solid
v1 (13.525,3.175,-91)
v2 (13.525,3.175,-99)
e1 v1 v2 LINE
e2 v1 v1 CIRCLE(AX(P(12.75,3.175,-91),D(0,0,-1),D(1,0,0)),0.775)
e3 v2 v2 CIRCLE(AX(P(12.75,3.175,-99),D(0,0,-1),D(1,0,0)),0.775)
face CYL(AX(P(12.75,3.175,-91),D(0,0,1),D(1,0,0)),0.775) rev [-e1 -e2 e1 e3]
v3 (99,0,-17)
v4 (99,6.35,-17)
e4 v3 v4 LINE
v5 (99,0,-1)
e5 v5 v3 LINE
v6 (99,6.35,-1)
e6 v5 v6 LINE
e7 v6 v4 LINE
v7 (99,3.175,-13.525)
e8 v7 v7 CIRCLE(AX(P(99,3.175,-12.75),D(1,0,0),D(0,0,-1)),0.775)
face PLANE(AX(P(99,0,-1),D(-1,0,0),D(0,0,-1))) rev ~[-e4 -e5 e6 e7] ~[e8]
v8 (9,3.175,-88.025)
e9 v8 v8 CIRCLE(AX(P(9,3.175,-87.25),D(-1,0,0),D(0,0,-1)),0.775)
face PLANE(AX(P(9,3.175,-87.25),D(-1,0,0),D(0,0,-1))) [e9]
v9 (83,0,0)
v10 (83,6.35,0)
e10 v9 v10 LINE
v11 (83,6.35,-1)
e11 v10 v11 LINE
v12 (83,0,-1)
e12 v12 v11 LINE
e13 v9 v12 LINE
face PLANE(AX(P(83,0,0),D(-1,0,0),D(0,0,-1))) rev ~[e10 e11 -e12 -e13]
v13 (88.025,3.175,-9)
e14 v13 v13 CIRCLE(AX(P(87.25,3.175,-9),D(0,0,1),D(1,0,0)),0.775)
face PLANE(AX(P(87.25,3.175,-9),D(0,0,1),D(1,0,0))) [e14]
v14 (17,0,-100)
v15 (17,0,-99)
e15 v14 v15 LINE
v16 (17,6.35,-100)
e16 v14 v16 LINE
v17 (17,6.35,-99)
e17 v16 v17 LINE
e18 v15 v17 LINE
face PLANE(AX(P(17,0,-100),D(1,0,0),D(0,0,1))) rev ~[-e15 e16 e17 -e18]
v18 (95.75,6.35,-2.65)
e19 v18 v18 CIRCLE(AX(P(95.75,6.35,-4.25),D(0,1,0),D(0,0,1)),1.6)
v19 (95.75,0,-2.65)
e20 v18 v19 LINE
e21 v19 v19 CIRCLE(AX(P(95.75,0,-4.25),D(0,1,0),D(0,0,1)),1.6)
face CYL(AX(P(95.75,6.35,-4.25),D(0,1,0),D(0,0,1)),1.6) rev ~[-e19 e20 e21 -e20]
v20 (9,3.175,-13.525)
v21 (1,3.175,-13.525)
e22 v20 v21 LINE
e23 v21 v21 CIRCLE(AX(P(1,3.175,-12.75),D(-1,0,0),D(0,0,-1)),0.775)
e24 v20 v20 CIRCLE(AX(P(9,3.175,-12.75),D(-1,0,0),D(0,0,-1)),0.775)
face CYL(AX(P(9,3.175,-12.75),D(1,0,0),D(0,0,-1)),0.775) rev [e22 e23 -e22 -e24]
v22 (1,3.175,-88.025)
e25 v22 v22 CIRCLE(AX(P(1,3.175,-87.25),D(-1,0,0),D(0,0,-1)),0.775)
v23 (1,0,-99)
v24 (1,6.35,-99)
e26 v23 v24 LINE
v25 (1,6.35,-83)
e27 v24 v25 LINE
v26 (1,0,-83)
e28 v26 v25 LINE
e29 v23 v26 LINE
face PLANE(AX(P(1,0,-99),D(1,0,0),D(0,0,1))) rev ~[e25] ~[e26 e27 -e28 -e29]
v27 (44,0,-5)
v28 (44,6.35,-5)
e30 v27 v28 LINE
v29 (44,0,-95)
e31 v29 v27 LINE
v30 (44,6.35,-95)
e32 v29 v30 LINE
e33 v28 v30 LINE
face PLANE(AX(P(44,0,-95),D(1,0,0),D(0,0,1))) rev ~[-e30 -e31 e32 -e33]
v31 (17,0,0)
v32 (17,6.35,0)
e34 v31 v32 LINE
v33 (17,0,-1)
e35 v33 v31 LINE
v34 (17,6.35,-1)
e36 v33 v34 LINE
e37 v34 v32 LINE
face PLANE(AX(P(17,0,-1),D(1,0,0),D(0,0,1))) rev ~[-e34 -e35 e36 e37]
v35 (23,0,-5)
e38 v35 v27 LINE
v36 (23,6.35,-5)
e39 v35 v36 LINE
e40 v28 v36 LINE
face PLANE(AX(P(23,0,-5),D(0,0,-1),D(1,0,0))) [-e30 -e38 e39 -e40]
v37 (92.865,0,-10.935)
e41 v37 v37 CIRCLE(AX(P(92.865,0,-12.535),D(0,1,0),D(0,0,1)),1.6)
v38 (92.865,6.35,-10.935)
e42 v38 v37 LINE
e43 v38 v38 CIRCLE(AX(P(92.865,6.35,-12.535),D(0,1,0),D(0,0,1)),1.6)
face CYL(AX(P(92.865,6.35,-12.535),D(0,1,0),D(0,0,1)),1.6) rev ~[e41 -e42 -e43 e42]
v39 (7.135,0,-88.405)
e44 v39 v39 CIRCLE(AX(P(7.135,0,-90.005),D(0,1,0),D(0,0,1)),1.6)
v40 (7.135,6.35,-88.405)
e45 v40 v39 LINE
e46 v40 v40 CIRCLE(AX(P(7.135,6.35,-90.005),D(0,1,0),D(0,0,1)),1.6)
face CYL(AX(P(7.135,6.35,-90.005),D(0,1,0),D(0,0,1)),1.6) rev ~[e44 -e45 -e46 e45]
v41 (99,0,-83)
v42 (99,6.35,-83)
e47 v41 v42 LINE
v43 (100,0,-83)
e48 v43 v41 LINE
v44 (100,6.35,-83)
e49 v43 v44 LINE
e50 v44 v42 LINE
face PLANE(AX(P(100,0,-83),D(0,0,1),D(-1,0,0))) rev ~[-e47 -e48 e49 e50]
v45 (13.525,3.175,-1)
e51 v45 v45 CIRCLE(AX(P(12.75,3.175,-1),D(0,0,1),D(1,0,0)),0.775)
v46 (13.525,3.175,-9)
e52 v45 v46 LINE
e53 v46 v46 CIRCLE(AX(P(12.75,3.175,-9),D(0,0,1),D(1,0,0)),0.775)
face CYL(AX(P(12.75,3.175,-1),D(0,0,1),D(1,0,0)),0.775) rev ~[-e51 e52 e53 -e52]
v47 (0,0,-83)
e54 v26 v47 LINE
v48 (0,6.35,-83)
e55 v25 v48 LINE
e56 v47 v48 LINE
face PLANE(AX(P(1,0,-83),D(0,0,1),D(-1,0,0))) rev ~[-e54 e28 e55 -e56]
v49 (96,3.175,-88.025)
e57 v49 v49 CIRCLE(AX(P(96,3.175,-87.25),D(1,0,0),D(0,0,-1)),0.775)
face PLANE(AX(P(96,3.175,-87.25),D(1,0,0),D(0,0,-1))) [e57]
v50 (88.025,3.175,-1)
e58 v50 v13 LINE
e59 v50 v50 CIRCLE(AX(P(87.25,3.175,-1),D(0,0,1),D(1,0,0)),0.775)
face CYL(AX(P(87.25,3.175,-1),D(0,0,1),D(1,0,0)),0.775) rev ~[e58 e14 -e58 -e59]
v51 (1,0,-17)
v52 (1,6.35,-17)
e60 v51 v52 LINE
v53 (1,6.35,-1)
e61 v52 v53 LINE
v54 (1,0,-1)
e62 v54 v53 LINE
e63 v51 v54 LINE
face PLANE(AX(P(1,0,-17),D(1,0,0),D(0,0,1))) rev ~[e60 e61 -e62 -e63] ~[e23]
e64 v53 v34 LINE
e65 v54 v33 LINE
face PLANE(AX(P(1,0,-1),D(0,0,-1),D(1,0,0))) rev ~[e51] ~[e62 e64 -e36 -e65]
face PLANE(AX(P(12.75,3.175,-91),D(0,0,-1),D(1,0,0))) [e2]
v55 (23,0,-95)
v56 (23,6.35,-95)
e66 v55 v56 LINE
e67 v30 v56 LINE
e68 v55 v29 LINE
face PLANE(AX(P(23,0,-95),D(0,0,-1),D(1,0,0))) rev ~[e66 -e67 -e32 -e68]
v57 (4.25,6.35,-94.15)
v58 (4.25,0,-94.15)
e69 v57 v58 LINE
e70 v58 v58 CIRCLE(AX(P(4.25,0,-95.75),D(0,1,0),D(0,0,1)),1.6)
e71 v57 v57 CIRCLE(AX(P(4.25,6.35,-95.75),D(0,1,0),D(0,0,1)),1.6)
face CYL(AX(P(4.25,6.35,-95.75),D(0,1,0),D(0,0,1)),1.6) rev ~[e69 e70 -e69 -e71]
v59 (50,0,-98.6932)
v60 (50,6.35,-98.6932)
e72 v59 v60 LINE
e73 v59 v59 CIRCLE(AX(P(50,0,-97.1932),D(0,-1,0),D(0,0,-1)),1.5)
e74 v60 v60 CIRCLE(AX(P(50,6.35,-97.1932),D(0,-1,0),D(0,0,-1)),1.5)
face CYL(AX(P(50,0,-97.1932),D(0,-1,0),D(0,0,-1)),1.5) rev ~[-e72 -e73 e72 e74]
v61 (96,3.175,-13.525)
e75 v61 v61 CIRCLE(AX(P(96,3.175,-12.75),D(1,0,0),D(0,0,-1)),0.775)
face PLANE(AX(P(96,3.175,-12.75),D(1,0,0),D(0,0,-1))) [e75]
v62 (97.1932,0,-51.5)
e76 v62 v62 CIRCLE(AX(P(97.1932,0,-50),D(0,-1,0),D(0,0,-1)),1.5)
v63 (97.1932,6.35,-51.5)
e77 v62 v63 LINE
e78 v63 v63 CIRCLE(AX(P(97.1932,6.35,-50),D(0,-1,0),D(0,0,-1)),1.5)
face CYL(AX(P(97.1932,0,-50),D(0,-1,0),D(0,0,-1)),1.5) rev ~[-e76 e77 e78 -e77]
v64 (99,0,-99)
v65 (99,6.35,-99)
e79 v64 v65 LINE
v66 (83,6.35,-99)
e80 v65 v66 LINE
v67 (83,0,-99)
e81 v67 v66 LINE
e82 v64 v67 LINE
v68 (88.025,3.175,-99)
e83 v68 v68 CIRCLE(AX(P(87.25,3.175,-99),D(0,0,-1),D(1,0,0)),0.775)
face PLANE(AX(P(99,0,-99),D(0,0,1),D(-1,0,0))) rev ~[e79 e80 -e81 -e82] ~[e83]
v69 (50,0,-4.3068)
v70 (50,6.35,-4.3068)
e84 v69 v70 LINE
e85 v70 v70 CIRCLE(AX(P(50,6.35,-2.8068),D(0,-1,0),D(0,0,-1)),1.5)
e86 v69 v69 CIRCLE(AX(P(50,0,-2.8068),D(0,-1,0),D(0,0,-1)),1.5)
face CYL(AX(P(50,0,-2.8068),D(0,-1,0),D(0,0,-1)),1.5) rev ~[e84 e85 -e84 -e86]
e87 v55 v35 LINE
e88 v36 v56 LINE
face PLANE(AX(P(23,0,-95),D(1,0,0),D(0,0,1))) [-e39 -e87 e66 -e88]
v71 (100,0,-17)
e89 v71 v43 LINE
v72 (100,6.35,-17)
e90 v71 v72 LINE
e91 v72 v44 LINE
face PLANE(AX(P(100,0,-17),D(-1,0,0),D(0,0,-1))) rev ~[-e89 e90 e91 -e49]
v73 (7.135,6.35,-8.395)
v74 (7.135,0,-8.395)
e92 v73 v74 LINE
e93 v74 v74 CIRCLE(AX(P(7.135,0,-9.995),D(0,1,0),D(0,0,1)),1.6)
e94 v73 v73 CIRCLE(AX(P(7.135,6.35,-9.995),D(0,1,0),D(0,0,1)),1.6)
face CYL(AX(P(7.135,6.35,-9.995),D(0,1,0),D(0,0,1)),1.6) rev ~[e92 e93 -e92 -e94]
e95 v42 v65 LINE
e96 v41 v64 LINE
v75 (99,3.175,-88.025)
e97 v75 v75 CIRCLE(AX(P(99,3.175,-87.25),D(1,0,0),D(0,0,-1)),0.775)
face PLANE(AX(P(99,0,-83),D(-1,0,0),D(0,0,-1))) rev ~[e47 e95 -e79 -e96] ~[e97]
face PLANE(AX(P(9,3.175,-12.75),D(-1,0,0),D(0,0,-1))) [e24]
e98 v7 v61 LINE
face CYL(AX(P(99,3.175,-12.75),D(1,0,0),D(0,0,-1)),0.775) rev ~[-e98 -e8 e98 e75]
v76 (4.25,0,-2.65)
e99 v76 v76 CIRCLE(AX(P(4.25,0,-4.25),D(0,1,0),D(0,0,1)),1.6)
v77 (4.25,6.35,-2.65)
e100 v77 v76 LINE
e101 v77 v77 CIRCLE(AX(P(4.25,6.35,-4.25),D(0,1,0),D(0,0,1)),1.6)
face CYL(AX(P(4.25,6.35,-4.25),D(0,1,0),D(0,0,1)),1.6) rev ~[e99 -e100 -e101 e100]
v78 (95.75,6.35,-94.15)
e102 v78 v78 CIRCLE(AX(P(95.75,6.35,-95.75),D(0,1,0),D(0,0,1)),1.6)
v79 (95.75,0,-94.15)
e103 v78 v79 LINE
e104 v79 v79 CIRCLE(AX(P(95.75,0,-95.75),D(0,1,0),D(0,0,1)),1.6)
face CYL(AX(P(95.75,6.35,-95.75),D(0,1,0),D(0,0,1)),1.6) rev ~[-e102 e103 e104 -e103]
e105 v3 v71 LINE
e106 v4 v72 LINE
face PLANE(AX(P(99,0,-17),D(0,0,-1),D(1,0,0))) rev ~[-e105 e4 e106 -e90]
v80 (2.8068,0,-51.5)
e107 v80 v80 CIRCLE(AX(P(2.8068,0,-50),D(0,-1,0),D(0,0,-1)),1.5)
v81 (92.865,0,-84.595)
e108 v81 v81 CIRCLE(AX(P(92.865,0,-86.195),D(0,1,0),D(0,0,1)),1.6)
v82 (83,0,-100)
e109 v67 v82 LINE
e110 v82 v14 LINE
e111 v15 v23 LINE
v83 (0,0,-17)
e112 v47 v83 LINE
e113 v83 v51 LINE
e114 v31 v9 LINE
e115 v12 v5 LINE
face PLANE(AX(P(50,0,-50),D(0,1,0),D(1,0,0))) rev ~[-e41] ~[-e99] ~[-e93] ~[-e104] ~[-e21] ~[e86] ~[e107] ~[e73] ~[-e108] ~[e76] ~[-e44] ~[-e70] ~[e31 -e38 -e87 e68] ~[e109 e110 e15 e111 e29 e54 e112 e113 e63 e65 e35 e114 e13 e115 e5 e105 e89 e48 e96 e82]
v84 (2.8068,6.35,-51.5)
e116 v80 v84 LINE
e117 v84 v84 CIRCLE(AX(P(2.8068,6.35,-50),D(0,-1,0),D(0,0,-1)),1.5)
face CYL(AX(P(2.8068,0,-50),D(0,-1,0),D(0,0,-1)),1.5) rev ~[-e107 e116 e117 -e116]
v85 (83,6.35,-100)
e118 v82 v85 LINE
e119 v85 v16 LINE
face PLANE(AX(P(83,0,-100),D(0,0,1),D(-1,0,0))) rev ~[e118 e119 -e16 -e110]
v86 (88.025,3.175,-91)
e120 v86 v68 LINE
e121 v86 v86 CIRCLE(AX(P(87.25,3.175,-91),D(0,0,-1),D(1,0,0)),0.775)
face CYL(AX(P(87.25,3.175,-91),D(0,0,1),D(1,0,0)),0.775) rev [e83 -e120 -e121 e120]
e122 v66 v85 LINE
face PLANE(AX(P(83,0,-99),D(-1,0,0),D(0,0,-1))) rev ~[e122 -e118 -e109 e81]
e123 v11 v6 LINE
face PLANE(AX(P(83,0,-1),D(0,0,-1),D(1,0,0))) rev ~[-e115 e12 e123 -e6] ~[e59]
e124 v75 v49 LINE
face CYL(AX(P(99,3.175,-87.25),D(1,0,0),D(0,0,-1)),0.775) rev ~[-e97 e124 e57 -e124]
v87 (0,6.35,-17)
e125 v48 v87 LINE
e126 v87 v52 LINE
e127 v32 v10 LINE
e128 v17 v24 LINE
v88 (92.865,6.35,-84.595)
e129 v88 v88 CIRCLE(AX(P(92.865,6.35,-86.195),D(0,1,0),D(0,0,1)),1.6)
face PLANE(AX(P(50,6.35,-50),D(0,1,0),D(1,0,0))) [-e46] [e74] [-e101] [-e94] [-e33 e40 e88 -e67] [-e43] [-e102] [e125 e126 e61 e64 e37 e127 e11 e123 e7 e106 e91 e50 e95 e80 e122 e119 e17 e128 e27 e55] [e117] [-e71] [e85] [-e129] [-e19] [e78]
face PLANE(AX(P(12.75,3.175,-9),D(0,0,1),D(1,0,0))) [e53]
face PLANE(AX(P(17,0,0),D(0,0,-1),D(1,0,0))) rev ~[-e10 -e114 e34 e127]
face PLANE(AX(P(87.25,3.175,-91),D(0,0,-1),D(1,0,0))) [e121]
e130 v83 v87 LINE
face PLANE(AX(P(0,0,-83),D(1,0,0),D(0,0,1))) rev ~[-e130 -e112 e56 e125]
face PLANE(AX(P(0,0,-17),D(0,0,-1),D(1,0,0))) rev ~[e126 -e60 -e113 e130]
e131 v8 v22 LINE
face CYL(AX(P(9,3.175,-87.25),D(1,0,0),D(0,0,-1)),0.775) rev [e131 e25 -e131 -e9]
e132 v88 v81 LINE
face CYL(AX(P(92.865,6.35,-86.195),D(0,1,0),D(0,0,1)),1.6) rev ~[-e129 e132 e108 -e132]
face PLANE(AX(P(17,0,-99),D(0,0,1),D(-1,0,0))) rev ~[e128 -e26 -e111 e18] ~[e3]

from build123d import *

# Parameters (mm, degrees)
BOSS_EXTRUDE1_DEPTH = 6.35
SKETCH4_R           = 1.2
CUT_EXTRUDE3_DEPTH  = 2540
SKETCH129_R         = 0.775
CUT_EXTRUDE5_DEPTH  = 3
SKETCH130_R         = 0.775
CUT_EXTRUDE6_DEPTH  = 8
CUT_EXTRUDE7_START  = -8
SKETCH131_R         = 0.775
CUT_EXTRUDE7_DEPTH  = 8
CUT_EXTRUDE8_START  = -8
SKETCH132_R         = 0.775
CUT_EXTRUDE8_DEPTH  = 8
SKETCH133_R         = 1.6
CUT_EXTRUDE9_DEPTH  = 10
SKETCH134_R         = 1.6
CUT_EXTRUDE10_DEPTH = 10
SKETCH135_R         = 1.5
CUT_EXTRUDE11_DEPTH = 142.56384602
SKETCH136_W         = 21
SKETCH136_H         = 90
CUT_EXTRUDE12_DEPTH = 142.56384602


with BuildPart() as part:
    # Sketch1 → Boss-Extrude1 (new body)
    with BuildSketch(Plane(origin=(0, 0, 0), x_dir=(1, 0, 0), z_dir=(0, 1, 0))):
        Polygon((1, 83), (0, 83), (0, 17), (1, 17), (1, 1), (17, 1), (17, 0), (83, 0), (83, 1), (99, 1), (99, 17), (100, 17), (100, 83), (99, 83), (99, 99), (83, 99), (83, 100), (17, 100), (17, 99), (1, 99), align=None)
    extrude(amount=BOSS_EXTRUDE1_DEPTH)

    # Sketch4 → Cut-Extrude3 (cut, symmetric)
    with BuildSketch(Plane(origin=(-170.766523355, -217.05420542, -269.308617799), x_dir=(0, 0, -1), z_dir=(0, -1, 0))):
        with Locations((-179.303617798, 177.901523357)):
            Circle(SKETCH4_R)
        with Locations((-259.313617798, 177.901523357)):
            Circle(SKETCH4_R)
        with Locations((-256.773617797, 263.631523357)):
            Circle(SKETCH4_R)
        with Locations((-183.113617797, 263.631523357)):
            Circle(SKETCH4_R)
    extrude(amount=CUT_EXTRUDE3_DEPTH, both=True, mode=Mode.SUBTRACT)

    # Sketch129 → Cut-Extrude5 (cut)
    with BuildSketch(Plane(origin=(99, 0, 0), x_dir=(0, 0, -1), z_dir=(1, 0, 0))):
        with Locations((12.75, 3.175)):
            Circle(SKETCH129_R)
        with Locations((87.25, 3.175)):
            Circle(SKETCH129_R)
    extrude(amount=-CUT_EXTRUDE5_DEPTH, mode=Mode.SUBTRACT)

    # Sketch130 → Cut-Extrude6 (cut)
    with BuildSketch(Plane.XY.offset(-1)):
        with Locations((87.25, 3.175)):
            Circle(SKETCH130_R)
        with Locations((12.75, 3.175)):
            Circle(SKETCH130_R)
    extrude(amount=-CUT_EXTRUDE6_DEPTH, mode=Mode.SUBTRACT)

    # Sketch131 → Cut-Extrude7 (cut)
    with BuildSketch(Plane.ZY.offset(-1).offset(CUT_EXTRUDE7_START)):
        with Locations(Location((-12.75, 3.175, 0), (0, 0, 180))):
            Circle(SKETCH131_R)
        with Locations(Location((-87.25, 3.175, 0), (0, 0, 180))):
            Circle(SKETCH131_R)
    extrude(amount=CUT_EXTRUDE7_DEPTH, mode=Mode.SUBTRACT)

    # Sketch132 → Cut-Extrude8 (cut)
    with BuildSketch(Plane(origin=(0, 0, -99), x_dir=(-1, 0, 0), z_dir=(0, 0, -1)).offset(CUT_EXTRUDE8_START)):
        with Locations(Location((-87.25, 3.175, 0), (0, 0, 180))):
            Circle(SKETCH132_R)
        with Locations(Location((-12.75, 3.175, 0), (0, 0, 180))):
            Circle(SKETCH132_R)
    extrude(amount=CUT_EXTRUDE8_DEPTH, mode=Mode.SUBTRACT)

    # Sketch133 → Cut-Extrude9 (cut)
    with BuildSketch(Plane(origin=(0, 6.35, 0), x_dir=(1, 0, 0), z_dir=(0, 1, 0))):
        with Locations(Location((4.25, 95.75, 0), (0, 0, 270))):
            Circle(SKETCH133_R)
        with Locations(Location((4.25, 4.25, 0), (0, 0, 270))):
            Circle(SKETCH133_R)
        with Locations(Location((95.75, 95.75, 0), (0, 0, 270))):
            Circle(SKETCH133_R)
        with Locations(Location((95.75, 4.25, 0), (0, 0, 270))):
            Circle(SKETCH133_R)
    extrude(amount=-CUT_EXTRUDE9_DEPTH, mode=Mode.SUBTRACT)

    # Sketch134 → Cut-Extrude10 (cut)
    with BuildSketch(Plane(origin=(0, 6.35, 0), x_dir=(1, 0, 0), z_dir=(0, 1, 0))):
        with Locations(Location((92.865000001, 86.195000002, 0), (0, 0, 270))):
            Circle(SKETCH134_R)
        with Locations(Location((92.865000002, 12.535000002, 0), (0, 0, 270))):
            Circle(SKETCH134_R)
        with Locations(Location((7.135000002, 9.995000001, 0), (0, 0, 270))):
            Circle(SKETCH134_R)
        with Locations(Location((7.135000001, 90.005000001, 0), (0, 0, 270))):
            Circle(SKETCH134_R)
    extrude(amount=-CUT_EXTRUDE10_DEPTH, mode=Mode.SUBTRACT)

    # Sketch135 → Cut-Extrude11 (cut, through all)
    with BuildSketch(Plane.XZ):
        with Locations(Location((2.8068, -50, 0), (0, 0, 270))):
            Circle(SKETCH135_R)
        with Locations(Location((50, -2.8068, 0), (0, 0, 270))):
            Circle(SKETCH135_R)
        with Locations(Location((97.1932, -50, 0), (0, 0, 270))):
            Circle(SKETCH135_R)
        with Locations(Location((50, -97.1932, 0), (0, 0, 270))):
            Circle(SKETCH135_R)
    extrude(amount=-CUT_EXTRUDE11_DEPTH, mode=Mode.SUBTRACT)

    # Sketch136 → Cut-Extrude12 (cut, through all)
    with BuildSketch(Plane.XZ):
        with Locations((33.5, -50)):
            Rectangle(SKETCH136_W, SKETCH136_H)
    extrude(amount=-CUT_EXTRUDE12_DEPTH, mode=Mode.SUBTRACT)


solid = part.part
